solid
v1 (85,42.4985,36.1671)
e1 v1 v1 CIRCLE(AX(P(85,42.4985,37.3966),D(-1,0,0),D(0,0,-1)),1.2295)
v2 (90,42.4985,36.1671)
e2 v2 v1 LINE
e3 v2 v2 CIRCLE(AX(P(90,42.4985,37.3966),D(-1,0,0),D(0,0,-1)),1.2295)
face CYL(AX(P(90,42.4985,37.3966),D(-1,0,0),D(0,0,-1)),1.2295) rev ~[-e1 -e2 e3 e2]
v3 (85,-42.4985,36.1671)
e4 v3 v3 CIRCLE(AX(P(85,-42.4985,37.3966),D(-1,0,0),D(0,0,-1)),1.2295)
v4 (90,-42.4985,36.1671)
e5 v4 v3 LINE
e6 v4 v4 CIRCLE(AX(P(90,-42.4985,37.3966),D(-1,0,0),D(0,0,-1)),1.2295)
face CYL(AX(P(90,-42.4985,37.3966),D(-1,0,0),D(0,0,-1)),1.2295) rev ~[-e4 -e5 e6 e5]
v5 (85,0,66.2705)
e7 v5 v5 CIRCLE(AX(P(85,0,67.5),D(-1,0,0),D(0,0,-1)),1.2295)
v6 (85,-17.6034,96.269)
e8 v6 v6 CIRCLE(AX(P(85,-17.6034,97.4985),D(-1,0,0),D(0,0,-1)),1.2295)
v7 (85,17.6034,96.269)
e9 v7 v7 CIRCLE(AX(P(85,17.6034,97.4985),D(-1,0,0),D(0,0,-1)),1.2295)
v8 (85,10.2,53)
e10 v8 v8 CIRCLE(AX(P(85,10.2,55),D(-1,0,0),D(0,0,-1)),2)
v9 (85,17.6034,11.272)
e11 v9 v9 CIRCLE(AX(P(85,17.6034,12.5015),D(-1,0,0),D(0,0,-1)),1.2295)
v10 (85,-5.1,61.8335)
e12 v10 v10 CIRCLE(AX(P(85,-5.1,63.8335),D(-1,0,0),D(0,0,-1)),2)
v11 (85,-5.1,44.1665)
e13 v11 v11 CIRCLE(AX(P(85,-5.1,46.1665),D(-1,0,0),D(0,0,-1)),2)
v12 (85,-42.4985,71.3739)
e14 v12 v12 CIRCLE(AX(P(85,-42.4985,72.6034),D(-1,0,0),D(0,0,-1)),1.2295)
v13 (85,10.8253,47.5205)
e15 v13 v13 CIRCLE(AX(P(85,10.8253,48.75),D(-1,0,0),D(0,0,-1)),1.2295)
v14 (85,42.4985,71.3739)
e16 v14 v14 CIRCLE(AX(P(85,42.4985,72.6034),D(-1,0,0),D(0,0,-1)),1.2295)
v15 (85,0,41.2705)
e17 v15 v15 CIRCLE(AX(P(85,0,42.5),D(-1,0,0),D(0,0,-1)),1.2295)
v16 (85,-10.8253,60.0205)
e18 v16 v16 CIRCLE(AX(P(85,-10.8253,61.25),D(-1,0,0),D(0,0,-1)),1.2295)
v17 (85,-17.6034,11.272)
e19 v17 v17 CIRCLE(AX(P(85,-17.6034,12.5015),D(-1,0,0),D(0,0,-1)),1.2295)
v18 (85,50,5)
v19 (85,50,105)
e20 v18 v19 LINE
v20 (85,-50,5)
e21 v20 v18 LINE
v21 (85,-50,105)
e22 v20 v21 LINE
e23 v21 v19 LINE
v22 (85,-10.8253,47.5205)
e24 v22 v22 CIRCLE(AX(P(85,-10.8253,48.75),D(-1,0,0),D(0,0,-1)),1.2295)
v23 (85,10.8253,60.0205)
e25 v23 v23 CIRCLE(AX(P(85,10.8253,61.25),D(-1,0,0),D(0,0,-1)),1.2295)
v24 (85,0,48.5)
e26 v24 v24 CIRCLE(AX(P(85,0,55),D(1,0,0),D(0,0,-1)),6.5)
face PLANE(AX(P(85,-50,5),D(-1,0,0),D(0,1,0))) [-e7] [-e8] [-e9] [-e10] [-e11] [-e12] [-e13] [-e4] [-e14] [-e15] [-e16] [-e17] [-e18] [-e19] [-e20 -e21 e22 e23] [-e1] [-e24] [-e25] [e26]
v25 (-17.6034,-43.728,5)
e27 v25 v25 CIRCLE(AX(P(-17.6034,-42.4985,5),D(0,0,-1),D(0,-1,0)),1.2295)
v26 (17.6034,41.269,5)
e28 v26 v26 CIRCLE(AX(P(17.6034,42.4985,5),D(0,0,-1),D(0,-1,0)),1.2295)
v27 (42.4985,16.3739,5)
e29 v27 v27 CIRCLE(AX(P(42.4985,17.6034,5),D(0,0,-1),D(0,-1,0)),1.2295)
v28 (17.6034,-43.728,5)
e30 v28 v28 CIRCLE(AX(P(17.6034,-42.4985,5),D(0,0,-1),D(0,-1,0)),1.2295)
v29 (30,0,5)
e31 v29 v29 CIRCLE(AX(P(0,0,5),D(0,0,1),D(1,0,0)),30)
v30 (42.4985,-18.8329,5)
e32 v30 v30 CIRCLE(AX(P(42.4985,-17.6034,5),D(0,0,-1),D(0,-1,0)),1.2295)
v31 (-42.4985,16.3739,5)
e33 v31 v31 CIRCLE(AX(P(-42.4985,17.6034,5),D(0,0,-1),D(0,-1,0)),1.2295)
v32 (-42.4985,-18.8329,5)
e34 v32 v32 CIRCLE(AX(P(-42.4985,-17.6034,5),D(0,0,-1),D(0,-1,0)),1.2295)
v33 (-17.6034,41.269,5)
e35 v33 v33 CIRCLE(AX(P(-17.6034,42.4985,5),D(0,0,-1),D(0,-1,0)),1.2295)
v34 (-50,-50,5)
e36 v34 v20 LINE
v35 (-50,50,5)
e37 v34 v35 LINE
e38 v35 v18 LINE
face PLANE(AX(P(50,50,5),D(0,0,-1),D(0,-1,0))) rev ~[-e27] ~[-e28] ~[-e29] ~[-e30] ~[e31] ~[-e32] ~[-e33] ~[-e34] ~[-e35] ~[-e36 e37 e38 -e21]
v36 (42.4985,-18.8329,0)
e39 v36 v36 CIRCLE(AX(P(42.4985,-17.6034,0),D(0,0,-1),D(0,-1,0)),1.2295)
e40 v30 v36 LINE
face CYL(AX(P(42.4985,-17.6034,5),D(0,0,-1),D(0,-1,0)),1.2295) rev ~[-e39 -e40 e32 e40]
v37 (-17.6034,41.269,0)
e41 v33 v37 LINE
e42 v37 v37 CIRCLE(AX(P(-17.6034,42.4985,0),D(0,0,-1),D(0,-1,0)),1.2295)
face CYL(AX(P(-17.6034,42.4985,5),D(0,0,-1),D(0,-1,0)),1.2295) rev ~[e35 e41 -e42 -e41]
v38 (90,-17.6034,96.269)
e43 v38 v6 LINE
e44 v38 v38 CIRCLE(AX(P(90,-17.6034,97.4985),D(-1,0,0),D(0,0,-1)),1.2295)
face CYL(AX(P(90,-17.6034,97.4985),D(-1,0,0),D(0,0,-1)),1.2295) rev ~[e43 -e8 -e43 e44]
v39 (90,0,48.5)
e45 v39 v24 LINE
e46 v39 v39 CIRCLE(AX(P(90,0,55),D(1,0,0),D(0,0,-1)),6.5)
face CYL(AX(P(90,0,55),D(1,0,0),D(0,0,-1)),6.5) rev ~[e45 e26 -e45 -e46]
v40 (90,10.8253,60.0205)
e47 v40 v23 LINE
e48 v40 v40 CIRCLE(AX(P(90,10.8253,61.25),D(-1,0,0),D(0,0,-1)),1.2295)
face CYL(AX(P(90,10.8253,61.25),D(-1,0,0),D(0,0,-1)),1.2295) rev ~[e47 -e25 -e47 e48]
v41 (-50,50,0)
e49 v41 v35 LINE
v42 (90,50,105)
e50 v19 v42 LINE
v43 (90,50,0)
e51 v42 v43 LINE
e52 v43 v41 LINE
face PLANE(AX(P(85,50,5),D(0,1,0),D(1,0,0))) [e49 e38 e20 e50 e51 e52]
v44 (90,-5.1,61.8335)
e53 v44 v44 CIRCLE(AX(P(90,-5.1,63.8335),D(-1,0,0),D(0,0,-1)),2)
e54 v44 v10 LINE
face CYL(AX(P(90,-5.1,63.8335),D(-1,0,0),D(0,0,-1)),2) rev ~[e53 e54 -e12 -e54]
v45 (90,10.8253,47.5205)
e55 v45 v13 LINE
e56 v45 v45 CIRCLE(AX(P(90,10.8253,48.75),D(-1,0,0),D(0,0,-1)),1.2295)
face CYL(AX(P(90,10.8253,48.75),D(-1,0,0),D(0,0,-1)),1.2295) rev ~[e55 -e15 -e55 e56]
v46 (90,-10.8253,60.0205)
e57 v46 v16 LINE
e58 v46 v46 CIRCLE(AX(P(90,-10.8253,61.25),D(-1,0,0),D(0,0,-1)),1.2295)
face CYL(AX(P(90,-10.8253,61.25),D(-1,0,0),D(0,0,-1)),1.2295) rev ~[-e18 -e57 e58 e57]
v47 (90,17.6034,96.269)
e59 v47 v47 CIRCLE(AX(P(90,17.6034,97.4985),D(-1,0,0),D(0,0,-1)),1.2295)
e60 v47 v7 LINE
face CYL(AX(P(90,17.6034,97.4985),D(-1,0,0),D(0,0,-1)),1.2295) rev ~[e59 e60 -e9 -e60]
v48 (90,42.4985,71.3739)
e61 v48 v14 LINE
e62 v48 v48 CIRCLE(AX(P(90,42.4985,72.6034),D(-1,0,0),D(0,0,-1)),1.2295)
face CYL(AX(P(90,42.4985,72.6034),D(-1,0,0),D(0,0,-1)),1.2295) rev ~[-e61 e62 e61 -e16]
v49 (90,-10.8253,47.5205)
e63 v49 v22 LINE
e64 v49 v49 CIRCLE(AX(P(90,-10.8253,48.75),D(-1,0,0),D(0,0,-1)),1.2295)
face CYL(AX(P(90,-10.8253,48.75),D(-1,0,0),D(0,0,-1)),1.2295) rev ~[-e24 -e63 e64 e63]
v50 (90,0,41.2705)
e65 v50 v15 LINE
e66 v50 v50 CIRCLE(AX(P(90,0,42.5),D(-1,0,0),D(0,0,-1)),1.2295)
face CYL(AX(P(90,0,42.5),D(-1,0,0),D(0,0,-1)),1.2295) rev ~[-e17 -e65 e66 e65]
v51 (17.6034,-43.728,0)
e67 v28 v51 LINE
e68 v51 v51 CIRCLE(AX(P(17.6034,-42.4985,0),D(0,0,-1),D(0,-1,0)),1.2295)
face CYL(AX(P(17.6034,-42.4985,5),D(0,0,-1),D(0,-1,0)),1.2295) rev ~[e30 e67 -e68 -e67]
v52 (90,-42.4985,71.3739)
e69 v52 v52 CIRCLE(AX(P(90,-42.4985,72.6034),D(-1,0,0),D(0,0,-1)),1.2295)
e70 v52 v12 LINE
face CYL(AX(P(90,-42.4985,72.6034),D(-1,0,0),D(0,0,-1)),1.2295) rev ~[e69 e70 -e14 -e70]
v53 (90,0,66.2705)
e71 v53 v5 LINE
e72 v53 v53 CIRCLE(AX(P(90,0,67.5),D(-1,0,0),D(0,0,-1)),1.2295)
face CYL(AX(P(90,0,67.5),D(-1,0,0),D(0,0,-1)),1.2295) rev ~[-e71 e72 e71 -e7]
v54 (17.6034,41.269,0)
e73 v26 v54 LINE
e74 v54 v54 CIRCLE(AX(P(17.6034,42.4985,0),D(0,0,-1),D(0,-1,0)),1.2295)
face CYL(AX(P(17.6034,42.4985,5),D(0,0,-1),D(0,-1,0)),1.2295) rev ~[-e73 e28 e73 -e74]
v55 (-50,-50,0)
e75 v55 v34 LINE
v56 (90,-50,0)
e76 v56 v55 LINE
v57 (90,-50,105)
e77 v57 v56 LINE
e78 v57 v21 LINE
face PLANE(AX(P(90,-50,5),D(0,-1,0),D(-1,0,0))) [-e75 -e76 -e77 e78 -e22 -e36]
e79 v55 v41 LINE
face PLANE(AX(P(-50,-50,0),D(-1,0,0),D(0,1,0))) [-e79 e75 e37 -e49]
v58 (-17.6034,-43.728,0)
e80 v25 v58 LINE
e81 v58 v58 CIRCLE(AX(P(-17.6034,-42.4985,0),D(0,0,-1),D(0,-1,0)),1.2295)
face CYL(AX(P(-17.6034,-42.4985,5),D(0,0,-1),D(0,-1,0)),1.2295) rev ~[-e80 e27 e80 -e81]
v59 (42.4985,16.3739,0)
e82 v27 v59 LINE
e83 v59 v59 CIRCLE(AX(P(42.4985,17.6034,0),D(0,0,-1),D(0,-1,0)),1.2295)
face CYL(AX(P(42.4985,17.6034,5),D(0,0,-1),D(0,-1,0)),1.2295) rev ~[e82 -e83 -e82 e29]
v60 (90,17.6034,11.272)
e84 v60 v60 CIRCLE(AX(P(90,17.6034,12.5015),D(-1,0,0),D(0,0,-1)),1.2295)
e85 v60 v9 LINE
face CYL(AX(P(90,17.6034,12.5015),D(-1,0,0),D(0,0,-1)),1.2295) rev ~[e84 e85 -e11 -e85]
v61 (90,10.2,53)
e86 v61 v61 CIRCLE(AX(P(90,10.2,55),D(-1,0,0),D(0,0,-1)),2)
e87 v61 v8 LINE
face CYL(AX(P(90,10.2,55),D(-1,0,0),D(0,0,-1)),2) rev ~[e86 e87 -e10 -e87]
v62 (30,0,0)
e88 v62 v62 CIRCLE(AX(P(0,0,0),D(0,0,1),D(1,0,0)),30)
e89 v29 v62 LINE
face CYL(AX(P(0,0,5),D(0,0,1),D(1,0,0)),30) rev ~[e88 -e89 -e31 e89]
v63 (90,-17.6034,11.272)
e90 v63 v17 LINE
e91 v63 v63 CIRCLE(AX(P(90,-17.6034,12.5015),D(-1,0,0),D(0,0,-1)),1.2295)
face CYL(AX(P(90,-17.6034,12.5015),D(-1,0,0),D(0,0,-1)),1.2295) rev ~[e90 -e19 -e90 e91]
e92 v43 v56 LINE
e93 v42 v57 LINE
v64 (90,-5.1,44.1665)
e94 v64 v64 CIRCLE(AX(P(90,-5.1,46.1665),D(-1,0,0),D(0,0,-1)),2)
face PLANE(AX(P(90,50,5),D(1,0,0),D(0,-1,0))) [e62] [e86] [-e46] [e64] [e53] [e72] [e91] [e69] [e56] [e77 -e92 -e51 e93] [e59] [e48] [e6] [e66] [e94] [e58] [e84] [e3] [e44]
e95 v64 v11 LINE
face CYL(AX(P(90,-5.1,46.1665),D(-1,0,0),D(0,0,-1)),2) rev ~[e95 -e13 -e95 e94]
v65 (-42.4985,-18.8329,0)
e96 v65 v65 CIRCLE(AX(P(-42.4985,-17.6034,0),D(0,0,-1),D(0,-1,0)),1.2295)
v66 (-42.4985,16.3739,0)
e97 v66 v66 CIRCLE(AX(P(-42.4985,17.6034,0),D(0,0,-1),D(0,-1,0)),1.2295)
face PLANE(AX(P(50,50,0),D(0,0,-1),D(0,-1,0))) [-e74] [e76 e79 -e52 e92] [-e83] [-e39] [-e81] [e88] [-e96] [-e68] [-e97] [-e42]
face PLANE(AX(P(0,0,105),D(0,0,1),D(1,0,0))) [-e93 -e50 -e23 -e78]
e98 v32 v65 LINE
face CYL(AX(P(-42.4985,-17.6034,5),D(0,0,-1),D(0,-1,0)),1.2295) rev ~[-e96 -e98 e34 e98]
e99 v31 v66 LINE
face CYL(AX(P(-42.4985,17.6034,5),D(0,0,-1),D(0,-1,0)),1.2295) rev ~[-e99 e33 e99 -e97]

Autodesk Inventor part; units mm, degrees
ref_plane "YZ Plane" through (0, 0, 0) normal (1, 0, 0) x (0, 1, 0)
ref_plane "XZ Plane" through (0, 0, 0) normal (0, 1, 0) x (-1, 0, 0)
ref_plane "XY Plane" through (0, 0, 0) normal (0, 0, 1) x (1, 0, 0)
sketch "スケッチ1" plane through (0, 0, 0) normal (0, 0, 1) x (1, 0, 0)
  circle A0 centre (0, 0) radius 48.5
  circle A1 centre (0, 0) radius 46.0893
  line L0 (-50, 50) -> (50, 50)
  line L1 (50, 50) -> (50, -50)
  line L2 (50, -50) -> (-50, -50)
  line L3 (-50, -50) -> (-50, 50)
  dimension "d0" = 97
  dimension "d3" = 50
  dimension "d4" = 50
  dimension "d5" = 50
  dimension "d6" = 50
extrude "押し出し1" add sketch "スケッチ1" along normal blind 5 contours A0 | A1 | L0 L1 L2 L3
sketch "スケッチ2" plane through (0, 0, 5) normal (0, 0, 1) x (1, 0, 0)
  circle A0 centre (0, 0) radius 46
  line L0 (0, 0) -> (0, 64.6511)
  line L1 (0, 0) -> (-25.9524, 62.6547)
  line L2 (-50, 50) -> (-50, -50) projected
  point P0 (-17.6034, 42.4985)
  point P1 (-42.4985, 17.6034)
  point P2 (-42.4985, -17.6034)
  point P3 (-17.6034, -42.4985)
  point P4 (17.6034, -42.4985)
  point P5 (42.4985, -17.6034)
  point P6 (42.4985, 17.6034)
  point P7 (17.6034, 42.4985)
  dimension "d7" = 92
  dimension "d8" = 22.5
  dimension "d11" = 360
  dimension "d76" = 50
hole "穴1" at (-17.6034, 42.4985, 5) at (-42.4985, 17.6034, 5) at (-42.4985, -17.6034, 5) at (-17.6034, -42.4985, 5) at (17.6034, -42.4985, 5) at (42.4985, -17.6034, 5) at (42.4985, 17.6034, 5) at (17.6034, 42.4985, 5) direction (0, 0, -1) diameter 2.459 end through all
sketch "スケッチ3" plane through (0, 0, 5) normal (0, 0, 1) x (1, 0, 0)
  circle A0 centre (0, 0) radius 30
  dimension "d20" = 60
extrude "押し出し2" cut sketch "スケッチ3" against normal blind 5
sketch "スケッチ4" plane through (50, -50, 0) normal (1, 0, 0) x (0, 0, -1)
  line L0 (-5, 100) -> (-5, 0) projected
  line L1 (-5, 100) -> (0, 100)
  line L2 (0, 100) -> (0, 0)
  line L3 (0, 0) -> (-5, 0)
  line L4 (-5, 0) -> (-5, 100)
  point P0 (0, 50)
extrude "押し出し3" add sketch "スケッチ4" along normal blind 40
sketch "スケッチ5" plane through (0, 0, 5) normal (0, 0, 1) x (1, 0, 0)
  line L0 (-50, 50) -> (90, 50) projected
  line L1 (85, 50) -> (90, 50)
  line L2 (90, 50) -> (90, -50)
  line L3 (90, -50) -> (85, -50)
  line L4 (85, -50) -> (85, 50)
  line L5 (-50, -50) -> (90, -50) projected
  line L6 (90, 50) -> (90, -50) projected
  point P0 (0, 0)
  point P1 (90, 50)
  point P2 (90, 0)
  dimension "d25" = 0
  dimension "d26" = 5
  dimension "d27" = 100
  dimension "d70" = 0
extrude "押し出し4" add sketch "スケッチ5" along normal blind 100
sketch "スケッチ6" plane through (90, -50, 0) normal (1, 0, 0) x (0, 0, -1)
  circle A0 centre (-55, 50) radius 46
  line L0 (0, 0) -> (-105, 0) projected
  line L1 (0, 0) -> (0, 100) projected
  line L2 (-55, 50) -> (41.9537, 50)
  line L3 (-55, 50) -> (-55, 131.7305)
  line L4 (-55, 50) -> (-80.0101, 110.3797)
  circle A1 centre (-55, 50) radius 12.5
  line L5 (-55, 50) -> (-63.1841, 64.1753)
  point P0 (0, 50)
  point P1 (-72.6034, 92.4985)
  point P2 (-97.4985, 67.6034)
  point P3 (-97.4985, 32.3966)
  point P4 (-72.6034, 7.5015)
  point P5 (-37.3966, 7.5015)
  point P6 (-12.5015, 32.3966)
  point P7 (-12.5015, 67.6034)
  point P8 (-37.3966, 92.4985)
  point P9 (-61.25, 60.8253)
  point P10 (-67.5, 50)
  point P11 (-61.25, 39.1747)
  point P12 (-48.75, 39.1747)
  point P13 (-42.5, 50)
  point P14 (-48.75, 60.8253)
  dimension "d32" = 92
  dimension "d34" = 25
  dimension "d30" = 50
  dimension "d31" = 55
  dimension "d33" = 22.5
  dimension "d35" = 30
  dimension "d38" = 360
  dimension "d42" = 360
hole "穴2" at (90, 42.4985, 72.6034) at (90, 17.6034, 97.4985) at (90, -17.6034, 97.4985) at (90, -42.4985, 72.6034) at (90, -42.4985, 37.3966) at (90, -17.6034, 12.5015) at (90, 17.6034, 12.5015) at (90, 42.4985, 37.3966) at (90, 10.8253, 61.25) at (90, 0, 67.5) at (90, -10.8253, 61.25) at (90, -10.8253, 48.75) at (90, 0, 42.5) at (90, 10.8253, 48.75) direction (-1, 0, 0) diameter 2.459 end through all
sketch "スケッチ7" plane through (90, -50, 0) normal (1, 0, 0) x (0, 0, -1)
  line L0 (-55, 50) -> (26.223, 50)
  circle A0 centre (-55, 50) radius 10.2
  line L1 (0, 0) -> (0, 100) projected
  line L2 (0, 0) -> (-105, 0) projected
  line L3 (-55, 50) -> (-55, 82.0983)
  point P0 (0, 50)
  point P1 (-55, 60.2)
  point P2 (-63.8335, 44.9)
  point P3 (-46.1665, 44.9)
  dimension "d53" = 20.4
  dimension "d51" = 55
  dimension "d52" = 50
  dimension "d56" = 360
hole "穴3" at (90, 10.2, 55) at (90, -5.1, 63.8335) at (90, -5.1, 46.1665) direction (-1, 0, 0) diameter 4 end through all
sketch "スケッチ8" plane through (90, -50, 0) normal (1, 0, 0) x (0, 0, -1)
  circle A0 centre (-55, 50) radius 6.5
  line L0 (0, 0) -> (0, 100) projected
  line L1 (0, 0) -> (-105, 0) projected
  point P0 (0, 50)
  dimension "d65" = 13
  dimension "d66" = 55
  dimension "d67" = 50
extrude "押し出し5" cut sketch "スケッチ8" against normal through all
equation "\"d4\" = d3"
equation "\"d5\" = d3"
equation "\"d6\" = d5"
properties part number "legparts_07"
